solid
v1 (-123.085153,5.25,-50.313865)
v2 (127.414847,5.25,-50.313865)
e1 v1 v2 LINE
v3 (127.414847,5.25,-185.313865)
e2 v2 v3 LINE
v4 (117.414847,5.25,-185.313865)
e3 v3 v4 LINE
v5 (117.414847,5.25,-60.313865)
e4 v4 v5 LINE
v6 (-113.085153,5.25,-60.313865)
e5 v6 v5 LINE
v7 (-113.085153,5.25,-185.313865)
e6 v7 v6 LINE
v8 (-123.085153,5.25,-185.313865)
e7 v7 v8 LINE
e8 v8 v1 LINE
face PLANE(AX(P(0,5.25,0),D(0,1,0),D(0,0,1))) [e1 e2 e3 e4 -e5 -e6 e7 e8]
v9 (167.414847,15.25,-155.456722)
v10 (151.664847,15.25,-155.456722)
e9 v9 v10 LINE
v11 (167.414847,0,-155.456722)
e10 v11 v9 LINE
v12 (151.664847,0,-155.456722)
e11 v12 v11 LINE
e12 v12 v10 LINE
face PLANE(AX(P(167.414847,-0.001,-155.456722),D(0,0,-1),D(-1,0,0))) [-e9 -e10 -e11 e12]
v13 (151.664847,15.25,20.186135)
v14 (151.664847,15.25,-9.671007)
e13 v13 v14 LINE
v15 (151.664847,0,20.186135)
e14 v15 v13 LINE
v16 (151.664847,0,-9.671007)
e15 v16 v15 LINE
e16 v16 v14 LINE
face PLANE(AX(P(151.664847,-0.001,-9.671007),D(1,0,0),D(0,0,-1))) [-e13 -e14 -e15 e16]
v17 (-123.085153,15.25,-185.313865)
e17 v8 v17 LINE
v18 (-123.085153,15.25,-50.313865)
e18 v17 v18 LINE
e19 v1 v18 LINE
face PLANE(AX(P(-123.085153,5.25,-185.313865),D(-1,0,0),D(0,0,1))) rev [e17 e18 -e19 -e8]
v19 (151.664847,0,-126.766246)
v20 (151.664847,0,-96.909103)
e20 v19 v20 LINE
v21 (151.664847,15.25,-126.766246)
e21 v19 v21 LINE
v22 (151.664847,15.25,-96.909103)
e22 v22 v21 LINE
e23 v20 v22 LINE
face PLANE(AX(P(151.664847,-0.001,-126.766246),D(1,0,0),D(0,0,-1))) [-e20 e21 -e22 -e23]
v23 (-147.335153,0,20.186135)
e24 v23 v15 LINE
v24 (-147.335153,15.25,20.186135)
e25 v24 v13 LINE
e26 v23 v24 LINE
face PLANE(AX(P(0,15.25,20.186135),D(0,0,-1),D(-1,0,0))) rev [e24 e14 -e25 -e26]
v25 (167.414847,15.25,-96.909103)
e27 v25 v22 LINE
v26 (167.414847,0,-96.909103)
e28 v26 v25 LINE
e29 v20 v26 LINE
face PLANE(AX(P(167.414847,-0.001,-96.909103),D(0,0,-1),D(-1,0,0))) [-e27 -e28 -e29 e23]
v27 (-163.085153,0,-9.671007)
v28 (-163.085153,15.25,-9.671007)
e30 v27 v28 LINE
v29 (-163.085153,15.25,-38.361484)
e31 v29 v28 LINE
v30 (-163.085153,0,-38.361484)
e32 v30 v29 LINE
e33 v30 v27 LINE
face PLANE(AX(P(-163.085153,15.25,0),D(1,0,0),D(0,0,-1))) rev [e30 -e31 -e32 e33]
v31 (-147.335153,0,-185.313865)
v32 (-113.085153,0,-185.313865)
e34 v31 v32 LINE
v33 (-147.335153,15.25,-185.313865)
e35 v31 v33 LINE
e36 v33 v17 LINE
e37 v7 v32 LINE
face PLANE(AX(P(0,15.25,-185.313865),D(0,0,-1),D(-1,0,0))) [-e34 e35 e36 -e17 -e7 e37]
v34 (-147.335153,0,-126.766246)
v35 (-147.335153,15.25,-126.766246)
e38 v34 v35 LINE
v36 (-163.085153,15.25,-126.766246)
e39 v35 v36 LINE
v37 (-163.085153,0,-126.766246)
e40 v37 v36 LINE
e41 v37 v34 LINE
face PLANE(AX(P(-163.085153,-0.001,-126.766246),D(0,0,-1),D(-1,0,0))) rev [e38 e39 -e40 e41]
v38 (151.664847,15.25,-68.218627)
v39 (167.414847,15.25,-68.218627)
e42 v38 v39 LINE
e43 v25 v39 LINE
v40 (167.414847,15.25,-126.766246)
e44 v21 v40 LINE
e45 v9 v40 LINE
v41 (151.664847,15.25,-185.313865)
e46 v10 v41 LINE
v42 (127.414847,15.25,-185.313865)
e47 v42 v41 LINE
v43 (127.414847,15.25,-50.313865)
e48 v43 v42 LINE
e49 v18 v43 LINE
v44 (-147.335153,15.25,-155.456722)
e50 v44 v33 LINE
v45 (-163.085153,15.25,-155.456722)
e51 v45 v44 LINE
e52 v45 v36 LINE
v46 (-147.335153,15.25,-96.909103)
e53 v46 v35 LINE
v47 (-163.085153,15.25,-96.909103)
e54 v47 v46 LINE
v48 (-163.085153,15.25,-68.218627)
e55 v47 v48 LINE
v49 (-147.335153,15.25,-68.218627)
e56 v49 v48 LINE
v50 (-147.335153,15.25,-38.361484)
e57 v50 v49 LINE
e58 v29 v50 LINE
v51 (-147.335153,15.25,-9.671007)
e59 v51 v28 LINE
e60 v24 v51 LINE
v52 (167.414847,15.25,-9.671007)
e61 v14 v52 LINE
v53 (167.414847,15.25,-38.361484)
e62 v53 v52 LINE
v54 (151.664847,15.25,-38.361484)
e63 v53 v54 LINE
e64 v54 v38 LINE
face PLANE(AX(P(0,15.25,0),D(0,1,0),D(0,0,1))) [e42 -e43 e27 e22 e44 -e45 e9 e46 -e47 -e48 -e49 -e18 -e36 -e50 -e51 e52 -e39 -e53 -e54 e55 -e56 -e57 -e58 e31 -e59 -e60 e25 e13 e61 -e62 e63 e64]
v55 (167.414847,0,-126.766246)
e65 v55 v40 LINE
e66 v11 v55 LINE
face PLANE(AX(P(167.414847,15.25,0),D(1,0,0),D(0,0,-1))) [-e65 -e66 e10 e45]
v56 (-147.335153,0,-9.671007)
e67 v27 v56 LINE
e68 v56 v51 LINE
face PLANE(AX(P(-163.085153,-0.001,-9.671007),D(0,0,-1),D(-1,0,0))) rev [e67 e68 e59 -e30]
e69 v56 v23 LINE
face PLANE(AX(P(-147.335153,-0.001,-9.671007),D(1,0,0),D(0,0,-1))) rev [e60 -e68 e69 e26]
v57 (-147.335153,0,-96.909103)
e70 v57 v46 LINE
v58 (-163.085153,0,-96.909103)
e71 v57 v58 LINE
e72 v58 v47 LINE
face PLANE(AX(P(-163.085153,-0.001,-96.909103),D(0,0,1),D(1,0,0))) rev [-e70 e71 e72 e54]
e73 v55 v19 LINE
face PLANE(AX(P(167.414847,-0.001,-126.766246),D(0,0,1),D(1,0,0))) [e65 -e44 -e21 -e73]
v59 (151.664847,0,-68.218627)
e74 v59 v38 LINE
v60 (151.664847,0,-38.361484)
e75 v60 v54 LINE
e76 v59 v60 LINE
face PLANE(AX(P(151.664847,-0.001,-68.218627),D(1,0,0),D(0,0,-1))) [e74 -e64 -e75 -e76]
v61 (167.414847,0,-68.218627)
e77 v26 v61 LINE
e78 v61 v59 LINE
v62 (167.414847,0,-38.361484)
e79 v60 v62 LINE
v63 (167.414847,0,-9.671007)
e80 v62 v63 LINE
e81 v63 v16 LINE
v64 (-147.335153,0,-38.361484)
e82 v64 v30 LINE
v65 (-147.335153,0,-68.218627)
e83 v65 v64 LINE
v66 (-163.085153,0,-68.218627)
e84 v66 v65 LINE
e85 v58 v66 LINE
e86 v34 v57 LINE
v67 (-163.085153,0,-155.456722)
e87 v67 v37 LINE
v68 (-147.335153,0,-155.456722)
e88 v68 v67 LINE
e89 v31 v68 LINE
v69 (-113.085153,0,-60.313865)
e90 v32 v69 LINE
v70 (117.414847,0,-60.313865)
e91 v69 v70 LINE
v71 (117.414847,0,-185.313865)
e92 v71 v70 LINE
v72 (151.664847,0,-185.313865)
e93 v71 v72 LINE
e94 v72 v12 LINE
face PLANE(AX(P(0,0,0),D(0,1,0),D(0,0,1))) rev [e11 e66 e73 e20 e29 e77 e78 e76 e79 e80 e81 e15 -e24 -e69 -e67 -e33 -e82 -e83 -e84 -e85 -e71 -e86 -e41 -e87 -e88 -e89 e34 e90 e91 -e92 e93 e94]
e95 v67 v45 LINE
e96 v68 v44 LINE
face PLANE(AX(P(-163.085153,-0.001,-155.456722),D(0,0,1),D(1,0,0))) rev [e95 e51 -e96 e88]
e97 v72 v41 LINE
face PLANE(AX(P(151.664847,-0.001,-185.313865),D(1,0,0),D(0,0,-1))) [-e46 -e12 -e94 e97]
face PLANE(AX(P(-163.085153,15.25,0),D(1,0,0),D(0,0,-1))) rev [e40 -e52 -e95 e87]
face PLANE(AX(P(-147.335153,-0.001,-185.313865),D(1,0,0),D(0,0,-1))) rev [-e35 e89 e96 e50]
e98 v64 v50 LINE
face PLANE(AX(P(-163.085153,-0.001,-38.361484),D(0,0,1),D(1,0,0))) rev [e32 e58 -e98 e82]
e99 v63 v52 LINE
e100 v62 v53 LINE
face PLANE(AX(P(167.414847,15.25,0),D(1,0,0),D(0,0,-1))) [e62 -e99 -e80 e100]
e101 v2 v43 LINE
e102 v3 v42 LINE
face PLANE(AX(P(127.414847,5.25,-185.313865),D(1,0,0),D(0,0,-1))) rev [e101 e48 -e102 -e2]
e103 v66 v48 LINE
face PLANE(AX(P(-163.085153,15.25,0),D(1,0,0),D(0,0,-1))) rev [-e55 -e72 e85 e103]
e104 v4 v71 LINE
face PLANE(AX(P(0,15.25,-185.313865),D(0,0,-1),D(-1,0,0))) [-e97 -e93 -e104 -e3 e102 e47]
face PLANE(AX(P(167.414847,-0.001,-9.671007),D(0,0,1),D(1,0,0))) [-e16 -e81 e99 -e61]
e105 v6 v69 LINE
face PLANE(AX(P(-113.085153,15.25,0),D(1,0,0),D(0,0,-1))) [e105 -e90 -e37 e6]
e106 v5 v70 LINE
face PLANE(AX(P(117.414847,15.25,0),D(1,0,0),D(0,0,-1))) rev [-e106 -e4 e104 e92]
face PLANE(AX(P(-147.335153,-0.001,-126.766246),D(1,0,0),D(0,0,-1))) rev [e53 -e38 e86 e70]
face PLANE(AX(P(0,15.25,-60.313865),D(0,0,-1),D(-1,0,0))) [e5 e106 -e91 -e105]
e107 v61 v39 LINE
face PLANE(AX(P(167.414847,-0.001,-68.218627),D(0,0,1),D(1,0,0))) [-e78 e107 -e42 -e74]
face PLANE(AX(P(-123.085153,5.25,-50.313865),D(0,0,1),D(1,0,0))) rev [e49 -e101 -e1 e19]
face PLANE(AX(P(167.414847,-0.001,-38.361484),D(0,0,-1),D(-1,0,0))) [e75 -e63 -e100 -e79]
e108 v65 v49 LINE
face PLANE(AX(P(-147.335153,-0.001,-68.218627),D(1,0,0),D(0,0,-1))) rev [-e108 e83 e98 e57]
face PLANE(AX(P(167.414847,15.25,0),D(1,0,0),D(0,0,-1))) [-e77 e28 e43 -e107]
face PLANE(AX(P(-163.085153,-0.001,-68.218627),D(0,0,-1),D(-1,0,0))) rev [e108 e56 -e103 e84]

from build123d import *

# Parameters (mm, degrees)
BOSS_EXTRU_1_DEPTH      = 15.25
ESQUISSE2_W             = 250.5
ESQUISSE2_H             = 135
ENL_V_MAT_EXTRU_1_DEPTH = 10
ESQUISSE3_W             = 15.75
ESQUISSE3_H             = 29.857142857
ESQUISSE3_H_2           = 29.857142858
ENL_V_MAT_EXTRU_2_DEPTH = 15.25


with BuildPart() as part:
    # Esquisse1 → Boss.-Extru.1 (new body)
    with BuildSketch(Plane(origin=(0, 0, 0), x_dir=(1, 0, 0), z_dir=(0, 1, 0))):
        Polygon((-113.085152838, 185.313864629), (-163.085152838, 185.313864629), (-163.085152838, -20.186135371), (167.414847162, -20.186135371), (167.414847162, 185.313864629), (117.414847162, 185.313864629), (117.414847162, 60.313864629), (-113.085152838, 60.313864629), align=None)
    extrude(amount=BOSS_EXTRU_1_DEPTH)

    # Esquisse2 → Enlèv. mat.-Extru.1 (cut)
    with BuildSketch(Plane(origin=(0, 15.25, 0), x_dir=(1, 0, 0), z_dir=(0, 1, 0))):
        with Locations((2.164847162, 117.813864629)):
            Rectangle(ESQUISSE2_W, ESQUISSE2_H)
    extrude(amount=-ENL_V_MAT_EXTRU_1_DEPTH, mode=Mode.SUBTRACT)

    # Esquisse3 → Enlèv. mat.-Extru.2 (cut)
    with BuildSketch(Plane(origin=(0, 15.25, 0), x_dir=(1, 0, 0), z_dir=(0, 1, 0))):
        with Locations((-155.210152838, 170.385293201)):
            Rectangle(ESQUISSE3_W, ESQUISSE3_H)
        with Locations((-155.210152838, 111.837674152)):
            Rectangle(ESQUISSE3_W, ESQUISSE3_H)
        with Locations((-155.210152838, 53.290055105)):
            Rectangle(ESQUISSE3_W, ESQUISSE3_H_2)
        with Locations((-155.210152838, -5.257563943)):
            Rectangle(ESQUISSE3_W, ESQUISSE3_H)
    enl_v_mat_extru_2 = extrude(amount=-ENL_V_MAT_EXTRU_2_DEPTH, mode=Mode.SUBTRACT)

    # Symétrie1: Enlèv. mat.-Extru.2 across plane
    add(enl_v_mat_extru_2.mirror(Plane.ZY.offset(-2.164847162)), mode=Mode.SUBTRACT)


solid = part.part
